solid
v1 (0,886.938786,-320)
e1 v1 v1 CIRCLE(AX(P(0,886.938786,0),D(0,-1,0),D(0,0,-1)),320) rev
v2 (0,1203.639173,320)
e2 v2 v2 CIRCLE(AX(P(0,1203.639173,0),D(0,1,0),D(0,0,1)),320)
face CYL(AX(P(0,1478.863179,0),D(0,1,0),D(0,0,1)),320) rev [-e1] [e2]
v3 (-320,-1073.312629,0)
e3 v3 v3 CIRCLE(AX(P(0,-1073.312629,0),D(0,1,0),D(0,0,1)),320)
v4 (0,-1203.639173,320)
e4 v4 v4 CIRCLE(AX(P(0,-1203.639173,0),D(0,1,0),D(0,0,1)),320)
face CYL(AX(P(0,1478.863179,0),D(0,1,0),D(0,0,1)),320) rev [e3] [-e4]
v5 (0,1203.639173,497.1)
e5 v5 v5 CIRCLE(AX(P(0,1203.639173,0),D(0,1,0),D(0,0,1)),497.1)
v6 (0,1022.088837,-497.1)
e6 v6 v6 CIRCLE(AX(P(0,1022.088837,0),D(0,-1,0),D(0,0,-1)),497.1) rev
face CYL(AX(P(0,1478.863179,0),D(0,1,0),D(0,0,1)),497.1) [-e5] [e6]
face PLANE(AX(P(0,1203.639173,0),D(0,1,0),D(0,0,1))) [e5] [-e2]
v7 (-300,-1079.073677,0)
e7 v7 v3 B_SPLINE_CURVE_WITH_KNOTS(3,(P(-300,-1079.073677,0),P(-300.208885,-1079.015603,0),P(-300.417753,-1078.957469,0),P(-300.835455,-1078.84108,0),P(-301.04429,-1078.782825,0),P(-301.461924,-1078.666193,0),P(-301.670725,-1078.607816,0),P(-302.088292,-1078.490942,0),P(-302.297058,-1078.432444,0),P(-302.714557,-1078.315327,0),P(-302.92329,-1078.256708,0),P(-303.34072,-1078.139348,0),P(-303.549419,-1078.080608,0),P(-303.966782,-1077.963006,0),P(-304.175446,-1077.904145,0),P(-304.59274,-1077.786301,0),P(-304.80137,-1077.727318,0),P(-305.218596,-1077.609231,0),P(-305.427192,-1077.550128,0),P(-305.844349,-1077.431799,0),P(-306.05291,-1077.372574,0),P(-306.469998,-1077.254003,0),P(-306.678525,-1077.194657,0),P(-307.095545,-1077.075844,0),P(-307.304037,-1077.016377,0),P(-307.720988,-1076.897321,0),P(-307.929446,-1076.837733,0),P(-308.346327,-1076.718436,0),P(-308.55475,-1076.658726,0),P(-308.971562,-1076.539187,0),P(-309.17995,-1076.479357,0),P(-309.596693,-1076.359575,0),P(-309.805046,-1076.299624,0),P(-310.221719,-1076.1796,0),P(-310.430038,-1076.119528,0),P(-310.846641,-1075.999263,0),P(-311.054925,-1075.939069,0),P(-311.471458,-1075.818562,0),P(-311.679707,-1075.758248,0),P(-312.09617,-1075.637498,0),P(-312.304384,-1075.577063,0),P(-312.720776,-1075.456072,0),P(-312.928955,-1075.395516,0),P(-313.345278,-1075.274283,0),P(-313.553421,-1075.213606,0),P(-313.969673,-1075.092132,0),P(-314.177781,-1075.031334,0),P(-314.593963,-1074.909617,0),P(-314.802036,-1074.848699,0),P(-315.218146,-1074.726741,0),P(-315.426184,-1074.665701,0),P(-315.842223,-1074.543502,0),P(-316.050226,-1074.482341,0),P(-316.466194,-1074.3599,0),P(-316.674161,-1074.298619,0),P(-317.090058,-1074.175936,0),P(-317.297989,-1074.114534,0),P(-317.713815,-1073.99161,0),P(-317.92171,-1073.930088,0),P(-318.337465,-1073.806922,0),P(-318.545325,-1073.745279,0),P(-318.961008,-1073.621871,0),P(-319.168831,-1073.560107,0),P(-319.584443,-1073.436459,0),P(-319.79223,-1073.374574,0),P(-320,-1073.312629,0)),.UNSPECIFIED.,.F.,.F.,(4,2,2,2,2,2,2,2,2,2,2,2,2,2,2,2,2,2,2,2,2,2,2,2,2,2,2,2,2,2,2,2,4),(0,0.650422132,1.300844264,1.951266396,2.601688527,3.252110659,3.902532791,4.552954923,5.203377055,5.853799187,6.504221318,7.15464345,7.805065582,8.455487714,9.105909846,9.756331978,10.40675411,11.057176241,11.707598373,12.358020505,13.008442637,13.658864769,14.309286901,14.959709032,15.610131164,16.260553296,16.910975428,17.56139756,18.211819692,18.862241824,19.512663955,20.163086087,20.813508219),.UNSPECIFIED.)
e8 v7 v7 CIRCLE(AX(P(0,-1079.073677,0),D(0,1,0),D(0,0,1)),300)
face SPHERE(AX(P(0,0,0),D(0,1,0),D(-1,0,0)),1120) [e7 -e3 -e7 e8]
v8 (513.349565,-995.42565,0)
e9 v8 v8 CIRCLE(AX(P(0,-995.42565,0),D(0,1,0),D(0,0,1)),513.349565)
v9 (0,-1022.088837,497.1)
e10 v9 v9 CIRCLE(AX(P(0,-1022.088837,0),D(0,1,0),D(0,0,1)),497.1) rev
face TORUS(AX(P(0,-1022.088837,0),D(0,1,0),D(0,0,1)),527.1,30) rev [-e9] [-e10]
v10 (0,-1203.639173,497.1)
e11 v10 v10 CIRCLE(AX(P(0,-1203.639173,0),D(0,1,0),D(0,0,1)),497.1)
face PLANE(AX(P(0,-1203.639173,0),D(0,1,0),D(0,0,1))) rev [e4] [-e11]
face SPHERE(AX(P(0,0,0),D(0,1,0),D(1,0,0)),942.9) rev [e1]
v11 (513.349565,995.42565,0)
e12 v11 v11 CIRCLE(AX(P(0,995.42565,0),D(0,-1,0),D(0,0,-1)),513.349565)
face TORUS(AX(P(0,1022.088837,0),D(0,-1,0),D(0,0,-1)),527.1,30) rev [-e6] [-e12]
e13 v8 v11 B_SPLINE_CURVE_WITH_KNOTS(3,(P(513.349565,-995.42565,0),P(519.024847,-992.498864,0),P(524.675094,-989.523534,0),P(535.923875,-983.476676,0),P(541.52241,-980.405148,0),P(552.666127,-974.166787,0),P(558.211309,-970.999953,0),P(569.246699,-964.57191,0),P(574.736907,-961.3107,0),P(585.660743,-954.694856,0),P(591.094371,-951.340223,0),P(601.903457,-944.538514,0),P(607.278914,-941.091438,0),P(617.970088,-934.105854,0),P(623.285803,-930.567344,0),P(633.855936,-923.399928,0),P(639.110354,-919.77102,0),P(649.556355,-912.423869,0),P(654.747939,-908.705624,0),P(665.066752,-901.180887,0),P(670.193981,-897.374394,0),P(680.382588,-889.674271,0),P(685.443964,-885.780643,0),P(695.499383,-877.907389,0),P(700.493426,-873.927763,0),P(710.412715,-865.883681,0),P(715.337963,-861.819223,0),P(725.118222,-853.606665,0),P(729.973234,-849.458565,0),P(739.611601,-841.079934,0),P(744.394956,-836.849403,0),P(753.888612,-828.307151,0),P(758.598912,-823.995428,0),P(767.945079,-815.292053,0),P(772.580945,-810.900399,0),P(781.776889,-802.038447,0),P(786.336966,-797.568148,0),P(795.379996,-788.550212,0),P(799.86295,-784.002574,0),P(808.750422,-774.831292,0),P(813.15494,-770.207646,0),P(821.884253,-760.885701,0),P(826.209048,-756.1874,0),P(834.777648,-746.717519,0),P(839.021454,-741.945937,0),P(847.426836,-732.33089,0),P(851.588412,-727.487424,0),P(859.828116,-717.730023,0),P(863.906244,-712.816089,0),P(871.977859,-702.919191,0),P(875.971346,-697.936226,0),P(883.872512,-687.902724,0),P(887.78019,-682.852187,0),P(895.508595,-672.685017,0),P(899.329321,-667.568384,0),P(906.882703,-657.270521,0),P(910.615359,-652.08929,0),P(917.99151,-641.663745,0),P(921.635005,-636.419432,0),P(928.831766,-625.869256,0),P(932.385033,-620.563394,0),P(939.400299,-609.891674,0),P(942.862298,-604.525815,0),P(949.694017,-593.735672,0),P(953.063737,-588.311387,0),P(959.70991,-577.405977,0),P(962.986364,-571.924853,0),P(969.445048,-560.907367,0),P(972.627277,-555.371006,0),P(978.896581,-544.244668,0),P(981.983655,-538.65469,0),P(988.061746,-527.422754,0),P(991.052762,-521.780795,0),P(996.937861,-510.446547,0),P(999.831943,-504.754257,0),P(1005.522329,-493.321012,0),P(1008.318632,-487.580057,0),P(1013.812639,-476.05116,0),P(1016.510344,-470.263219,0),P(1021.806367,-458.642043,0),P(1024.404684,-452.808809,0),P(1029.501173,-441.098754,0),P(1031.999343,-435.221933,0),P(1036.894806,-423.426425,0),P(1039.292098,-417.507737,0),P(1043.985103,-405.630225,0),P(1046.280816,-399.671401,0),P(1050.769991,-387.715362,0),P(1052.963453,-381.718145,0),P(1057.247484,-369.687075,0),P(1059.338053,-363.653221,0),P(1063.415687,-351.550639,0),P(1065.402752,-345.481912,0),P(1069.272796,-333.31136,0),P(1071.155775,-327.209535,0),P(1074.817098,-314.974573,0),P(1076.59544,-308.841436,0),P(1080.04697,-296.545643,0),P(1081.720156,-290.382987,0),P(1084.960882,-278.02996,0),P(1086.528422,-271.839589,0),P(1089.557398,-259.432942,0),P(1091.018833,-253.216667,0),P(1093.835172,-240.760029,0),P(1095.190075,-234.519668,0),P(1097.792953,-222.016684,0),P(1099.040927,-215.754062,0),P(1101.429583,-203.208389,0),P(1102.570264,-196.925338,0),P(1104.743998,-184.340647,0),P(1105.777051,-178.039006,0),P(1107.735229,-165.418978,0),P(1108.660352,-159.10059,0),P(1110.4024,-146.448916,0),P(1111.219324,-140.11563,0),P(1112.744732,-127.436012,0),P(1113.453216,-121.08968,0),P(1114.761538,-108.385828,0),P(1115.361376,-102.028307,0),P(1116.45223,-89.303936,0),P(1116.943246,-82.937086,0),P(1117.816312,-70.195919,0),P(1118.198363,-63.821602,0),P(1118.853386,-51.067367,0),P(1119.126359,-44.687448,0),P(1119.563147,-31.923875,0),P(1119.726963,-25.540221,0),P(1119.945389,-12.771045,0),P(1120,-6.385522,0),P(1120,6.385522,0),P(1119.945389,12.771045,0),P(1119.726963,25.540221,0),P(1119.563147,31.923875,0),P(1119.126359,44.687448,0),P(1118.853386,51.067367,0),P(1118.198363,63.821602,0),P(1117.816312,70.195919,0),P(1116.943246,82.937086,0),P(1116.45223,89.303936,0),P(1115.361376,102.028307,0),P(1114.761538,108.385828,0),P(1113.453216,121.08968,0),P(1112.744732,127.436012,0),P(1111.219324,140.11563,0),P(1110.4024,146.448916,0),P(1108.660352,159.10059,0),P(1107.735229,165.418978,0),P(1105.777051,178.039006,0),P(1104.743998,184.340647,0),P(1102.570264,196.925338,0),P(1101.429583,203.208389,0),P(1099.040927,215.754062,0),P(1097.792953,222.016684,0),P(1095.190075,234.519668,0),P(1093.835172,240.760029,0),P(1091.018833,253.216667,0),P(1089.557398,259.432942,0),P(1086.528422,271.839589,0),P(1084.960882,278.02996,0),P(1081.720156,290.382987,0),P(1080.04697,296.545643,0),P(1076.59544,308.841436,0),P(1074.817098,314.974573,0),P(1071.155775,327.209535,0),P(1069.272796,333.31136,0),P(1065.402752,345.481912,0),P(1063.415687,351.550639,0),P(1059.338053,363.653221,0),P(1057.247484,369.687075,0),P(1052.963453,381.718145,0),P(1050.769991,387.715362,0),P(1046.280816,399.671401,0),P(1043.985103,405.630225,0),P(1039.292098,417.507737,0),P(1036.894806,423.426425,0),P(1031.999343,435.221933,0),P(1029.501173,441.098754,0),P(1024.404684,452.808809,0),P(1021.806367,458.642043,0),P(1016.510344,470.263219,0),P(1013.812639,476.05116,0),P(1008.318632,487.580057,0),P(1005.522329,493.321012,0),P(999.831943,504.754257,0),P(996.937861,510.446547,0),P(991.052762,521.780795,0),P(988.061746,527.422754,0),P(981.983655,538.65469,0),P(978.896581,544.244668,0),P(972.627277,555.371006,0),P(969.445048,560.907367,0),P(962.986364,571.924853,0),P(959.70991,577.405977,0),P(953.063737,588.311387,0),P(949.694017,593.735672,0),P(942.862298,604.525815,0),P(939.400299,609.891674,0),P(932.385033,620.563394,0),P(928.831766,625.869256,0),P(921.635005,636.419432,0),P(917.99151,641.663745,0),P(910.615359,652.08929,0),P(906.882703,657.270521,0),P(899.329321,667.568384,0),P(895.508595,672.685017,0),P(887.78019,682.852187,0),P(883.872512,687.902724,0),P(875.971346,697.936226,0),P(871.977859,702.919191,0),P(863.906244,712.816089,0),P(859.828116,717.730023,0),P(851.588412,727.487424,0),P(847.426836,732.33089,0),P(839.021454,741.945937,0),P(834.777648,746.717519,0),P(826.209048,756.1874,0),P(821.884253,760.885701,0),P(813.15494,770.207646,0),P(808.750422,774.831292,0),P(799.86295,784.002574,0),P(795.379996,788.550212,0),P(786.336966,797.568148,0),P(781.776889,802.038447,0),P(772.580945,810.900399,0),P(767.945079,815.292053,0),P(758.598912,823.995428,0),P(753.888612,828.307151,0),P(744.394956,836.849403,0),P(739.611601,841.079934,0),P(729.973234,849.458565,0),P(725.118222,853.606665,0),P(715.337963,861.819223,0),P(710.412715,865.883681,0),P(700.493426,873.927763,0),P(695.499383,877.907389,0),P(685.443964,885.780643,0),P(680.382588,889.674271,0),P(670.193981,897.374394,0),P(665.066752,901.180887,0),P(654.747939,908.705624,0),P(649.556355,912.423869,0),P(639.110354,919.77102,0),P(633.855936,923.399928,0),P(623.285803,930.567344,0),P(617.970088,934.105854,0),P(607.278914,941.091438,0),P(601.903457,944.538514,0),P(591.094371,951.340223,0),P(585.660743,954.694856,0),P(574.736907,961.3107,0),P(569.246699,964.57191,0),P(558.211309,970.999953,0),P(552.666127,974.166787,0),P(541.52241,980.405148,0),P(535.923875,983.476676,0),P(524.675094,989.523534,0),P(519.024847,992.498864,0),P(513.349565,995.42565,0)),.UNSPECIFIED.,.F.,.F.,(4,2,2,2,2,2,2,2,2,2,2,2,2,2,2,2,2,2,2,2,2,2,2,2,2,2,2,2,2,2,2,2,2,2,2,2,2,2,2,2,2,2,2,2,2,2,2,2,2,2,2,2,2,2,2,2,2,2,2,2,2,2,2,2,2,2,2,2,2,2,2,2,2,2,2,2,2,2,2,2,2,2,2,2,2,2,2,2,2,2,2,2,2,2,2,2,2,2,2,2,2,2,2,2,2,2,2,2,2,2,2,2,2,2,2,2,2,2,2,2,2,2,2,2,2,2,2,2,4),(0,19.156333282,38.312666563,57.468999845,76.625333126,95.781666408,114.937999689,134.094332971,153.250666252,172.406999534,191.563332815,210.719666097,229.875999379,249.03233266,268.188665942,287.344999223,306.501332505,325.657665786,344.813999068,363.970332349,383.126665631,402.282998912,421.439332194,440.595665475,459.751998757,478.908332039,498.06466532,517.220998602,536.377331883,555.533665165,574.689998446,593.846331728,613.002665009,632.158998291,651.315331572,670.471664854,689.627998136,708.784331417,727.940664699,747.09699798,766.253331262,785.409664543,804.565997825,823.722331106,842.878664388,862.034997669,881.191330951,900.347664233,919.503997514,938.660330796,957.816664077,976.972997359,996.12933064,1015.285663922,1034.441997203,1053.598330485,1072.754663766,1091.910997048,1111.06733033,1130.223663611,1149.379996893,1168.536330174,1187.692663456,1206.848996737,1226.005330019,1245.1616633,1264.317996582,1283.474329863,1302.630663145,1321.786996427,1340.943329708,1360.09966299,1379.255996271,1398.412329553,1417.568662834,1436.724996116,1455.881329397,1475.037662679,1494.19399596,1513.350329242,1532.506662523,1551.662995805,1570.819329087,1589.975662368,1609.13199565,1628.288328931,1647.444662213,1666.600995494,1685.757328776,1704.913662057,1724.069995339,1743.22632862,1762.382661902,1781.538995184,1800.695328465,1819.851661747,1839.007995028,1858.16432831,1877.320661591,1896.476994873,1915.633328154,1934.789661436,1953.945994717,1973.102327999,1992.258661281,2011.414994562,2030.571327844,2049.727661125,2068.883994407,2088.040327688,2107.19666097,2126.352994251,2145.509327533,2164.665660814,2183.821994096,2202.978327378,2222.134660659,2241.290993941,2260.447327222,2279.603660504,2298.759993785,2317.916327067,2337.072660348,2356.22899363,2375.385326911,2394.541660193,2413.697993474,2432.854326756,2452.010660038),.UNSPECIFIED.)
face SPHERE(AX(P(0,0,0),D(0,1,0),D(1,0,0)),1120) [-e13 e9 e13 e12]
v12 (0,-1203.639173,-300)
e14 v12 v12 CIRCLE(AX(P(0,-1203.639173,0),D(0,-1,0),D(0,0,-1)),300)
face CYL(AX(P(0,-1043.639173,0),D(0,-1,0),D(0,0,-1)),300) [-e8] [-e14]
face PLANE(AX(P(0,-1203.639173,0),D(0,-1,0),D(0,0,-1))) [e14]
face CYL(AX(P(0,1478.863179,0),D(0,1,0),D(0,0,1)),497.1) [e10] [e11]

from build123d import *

# Parameters (mm, degrees)
CUT_EXTRUDE1_START  = -1120
SKETCH2_R           = 320
CUT_EXTRUDE1_DEPTH  = 1120
FILLET1_R           = 30
SKETCH4_R           = 300
BOSS_EXTRUDE1_DEPTH = 160


with BuildPart() as part:
    # Sketch1 → Revolve1 (revolve)
    with BuildSketch(Plane.XY, mode=Mode.PRIVATE) as revolve1_sk:
        with BuildLine():
            ThreePointArc((320, 1073.3126292), (161.693932008, 1108.266697303), (0, 1120))
            Line((0, 1120), (0, 942.9))
            ThreePointArc((0, 942.9), (942.9, 0), (0, -942.9))
            Line((0, -942.9), (0, -1120))
            ThreePointArc((0, -1120), (161.693932008, -1108.266697303), (320, -1073.3126292))
            ThreePointArc((320, -1073.3126292), (410.032559826, -1042.244357088), (497.1, -1003.639173209))
            ThreePointArc((497.1, -1003.639173209), (1120, 0), (497.1, 1003.639173209))
            ThreePointArc((497.1, 1003.639173209), (410.032559826, 1042.244357088), (320, 1073.3126292))
        make_face()
        with BuildLine():
            Line((497.1, 1203.639173209), (320, 1203.639173209))
            Line((320, 1203.639173209), (320, 1073.3126292))
            ThreePointArc((320, 1073.3126292), (410.032559826, 1042.244357088), (497.1, 1003.639173209))
            Line((497.1, 1003.639173209), (497.1, 1203.639173209))
        make_face()
        with BuildLine():
            Line((497.1, -1203.639173209), (497.1, -1003.639173209))
            ThreePointArc((497.1, -1003.639173209), (410.032559826, -1042.244357088), (320, -1073.3126292))
            Line((320, -1073.3126292), (320, -1203.639173209))
            Line((320, -1203.639173209), (497.1, -1203.639173209))
        make_face()
    revolve(revolve1_sk.sketch.rotate(Axis((0, 1478.863179405, 0), (0, -1, 0)), 90), axis=Axis((0, 1478.863179405, 0), (0, -1, 0)))

    # Sketch2 → Cut-Extrude1 (cut)
    with BuildSketch(Plane(origin=(0, 1203.639173209, 0), x_dir=(1, 0, 0), z_dir=(0, 1, 0)).offset(CUT_EXTRUDE1_START)):
        with Locations(Location((0, 0, 0), (0, 0, 270))):
            Circle(SKETCH2_R)
    extrude(amount=CUT_EXTRUDE1_DEPTH, mode=Mode.SUBTRACT)

    # Fillet1
    fillet1_edges = [part.edges().sort_by_distance(p)[0] for p in [
        (0, 1003.639173209, -497.1),
        (0, -1003.639173209, -497.1),
    ]]
    fillet(fillet1_edges, radius=FILLET1_R)

    # Sketch4 → Boss-Extrude1 (add)
    with BuildSketch(Plane.XZ.offset(1203.639173209)):
        with Locations(Location((0, 0, 0), (0, 0, 270))):
            Circle(SKETCH4_R)
    extrude(amount=-BOSS_EXTRUDE1_DEPTH)


solid = part.part
